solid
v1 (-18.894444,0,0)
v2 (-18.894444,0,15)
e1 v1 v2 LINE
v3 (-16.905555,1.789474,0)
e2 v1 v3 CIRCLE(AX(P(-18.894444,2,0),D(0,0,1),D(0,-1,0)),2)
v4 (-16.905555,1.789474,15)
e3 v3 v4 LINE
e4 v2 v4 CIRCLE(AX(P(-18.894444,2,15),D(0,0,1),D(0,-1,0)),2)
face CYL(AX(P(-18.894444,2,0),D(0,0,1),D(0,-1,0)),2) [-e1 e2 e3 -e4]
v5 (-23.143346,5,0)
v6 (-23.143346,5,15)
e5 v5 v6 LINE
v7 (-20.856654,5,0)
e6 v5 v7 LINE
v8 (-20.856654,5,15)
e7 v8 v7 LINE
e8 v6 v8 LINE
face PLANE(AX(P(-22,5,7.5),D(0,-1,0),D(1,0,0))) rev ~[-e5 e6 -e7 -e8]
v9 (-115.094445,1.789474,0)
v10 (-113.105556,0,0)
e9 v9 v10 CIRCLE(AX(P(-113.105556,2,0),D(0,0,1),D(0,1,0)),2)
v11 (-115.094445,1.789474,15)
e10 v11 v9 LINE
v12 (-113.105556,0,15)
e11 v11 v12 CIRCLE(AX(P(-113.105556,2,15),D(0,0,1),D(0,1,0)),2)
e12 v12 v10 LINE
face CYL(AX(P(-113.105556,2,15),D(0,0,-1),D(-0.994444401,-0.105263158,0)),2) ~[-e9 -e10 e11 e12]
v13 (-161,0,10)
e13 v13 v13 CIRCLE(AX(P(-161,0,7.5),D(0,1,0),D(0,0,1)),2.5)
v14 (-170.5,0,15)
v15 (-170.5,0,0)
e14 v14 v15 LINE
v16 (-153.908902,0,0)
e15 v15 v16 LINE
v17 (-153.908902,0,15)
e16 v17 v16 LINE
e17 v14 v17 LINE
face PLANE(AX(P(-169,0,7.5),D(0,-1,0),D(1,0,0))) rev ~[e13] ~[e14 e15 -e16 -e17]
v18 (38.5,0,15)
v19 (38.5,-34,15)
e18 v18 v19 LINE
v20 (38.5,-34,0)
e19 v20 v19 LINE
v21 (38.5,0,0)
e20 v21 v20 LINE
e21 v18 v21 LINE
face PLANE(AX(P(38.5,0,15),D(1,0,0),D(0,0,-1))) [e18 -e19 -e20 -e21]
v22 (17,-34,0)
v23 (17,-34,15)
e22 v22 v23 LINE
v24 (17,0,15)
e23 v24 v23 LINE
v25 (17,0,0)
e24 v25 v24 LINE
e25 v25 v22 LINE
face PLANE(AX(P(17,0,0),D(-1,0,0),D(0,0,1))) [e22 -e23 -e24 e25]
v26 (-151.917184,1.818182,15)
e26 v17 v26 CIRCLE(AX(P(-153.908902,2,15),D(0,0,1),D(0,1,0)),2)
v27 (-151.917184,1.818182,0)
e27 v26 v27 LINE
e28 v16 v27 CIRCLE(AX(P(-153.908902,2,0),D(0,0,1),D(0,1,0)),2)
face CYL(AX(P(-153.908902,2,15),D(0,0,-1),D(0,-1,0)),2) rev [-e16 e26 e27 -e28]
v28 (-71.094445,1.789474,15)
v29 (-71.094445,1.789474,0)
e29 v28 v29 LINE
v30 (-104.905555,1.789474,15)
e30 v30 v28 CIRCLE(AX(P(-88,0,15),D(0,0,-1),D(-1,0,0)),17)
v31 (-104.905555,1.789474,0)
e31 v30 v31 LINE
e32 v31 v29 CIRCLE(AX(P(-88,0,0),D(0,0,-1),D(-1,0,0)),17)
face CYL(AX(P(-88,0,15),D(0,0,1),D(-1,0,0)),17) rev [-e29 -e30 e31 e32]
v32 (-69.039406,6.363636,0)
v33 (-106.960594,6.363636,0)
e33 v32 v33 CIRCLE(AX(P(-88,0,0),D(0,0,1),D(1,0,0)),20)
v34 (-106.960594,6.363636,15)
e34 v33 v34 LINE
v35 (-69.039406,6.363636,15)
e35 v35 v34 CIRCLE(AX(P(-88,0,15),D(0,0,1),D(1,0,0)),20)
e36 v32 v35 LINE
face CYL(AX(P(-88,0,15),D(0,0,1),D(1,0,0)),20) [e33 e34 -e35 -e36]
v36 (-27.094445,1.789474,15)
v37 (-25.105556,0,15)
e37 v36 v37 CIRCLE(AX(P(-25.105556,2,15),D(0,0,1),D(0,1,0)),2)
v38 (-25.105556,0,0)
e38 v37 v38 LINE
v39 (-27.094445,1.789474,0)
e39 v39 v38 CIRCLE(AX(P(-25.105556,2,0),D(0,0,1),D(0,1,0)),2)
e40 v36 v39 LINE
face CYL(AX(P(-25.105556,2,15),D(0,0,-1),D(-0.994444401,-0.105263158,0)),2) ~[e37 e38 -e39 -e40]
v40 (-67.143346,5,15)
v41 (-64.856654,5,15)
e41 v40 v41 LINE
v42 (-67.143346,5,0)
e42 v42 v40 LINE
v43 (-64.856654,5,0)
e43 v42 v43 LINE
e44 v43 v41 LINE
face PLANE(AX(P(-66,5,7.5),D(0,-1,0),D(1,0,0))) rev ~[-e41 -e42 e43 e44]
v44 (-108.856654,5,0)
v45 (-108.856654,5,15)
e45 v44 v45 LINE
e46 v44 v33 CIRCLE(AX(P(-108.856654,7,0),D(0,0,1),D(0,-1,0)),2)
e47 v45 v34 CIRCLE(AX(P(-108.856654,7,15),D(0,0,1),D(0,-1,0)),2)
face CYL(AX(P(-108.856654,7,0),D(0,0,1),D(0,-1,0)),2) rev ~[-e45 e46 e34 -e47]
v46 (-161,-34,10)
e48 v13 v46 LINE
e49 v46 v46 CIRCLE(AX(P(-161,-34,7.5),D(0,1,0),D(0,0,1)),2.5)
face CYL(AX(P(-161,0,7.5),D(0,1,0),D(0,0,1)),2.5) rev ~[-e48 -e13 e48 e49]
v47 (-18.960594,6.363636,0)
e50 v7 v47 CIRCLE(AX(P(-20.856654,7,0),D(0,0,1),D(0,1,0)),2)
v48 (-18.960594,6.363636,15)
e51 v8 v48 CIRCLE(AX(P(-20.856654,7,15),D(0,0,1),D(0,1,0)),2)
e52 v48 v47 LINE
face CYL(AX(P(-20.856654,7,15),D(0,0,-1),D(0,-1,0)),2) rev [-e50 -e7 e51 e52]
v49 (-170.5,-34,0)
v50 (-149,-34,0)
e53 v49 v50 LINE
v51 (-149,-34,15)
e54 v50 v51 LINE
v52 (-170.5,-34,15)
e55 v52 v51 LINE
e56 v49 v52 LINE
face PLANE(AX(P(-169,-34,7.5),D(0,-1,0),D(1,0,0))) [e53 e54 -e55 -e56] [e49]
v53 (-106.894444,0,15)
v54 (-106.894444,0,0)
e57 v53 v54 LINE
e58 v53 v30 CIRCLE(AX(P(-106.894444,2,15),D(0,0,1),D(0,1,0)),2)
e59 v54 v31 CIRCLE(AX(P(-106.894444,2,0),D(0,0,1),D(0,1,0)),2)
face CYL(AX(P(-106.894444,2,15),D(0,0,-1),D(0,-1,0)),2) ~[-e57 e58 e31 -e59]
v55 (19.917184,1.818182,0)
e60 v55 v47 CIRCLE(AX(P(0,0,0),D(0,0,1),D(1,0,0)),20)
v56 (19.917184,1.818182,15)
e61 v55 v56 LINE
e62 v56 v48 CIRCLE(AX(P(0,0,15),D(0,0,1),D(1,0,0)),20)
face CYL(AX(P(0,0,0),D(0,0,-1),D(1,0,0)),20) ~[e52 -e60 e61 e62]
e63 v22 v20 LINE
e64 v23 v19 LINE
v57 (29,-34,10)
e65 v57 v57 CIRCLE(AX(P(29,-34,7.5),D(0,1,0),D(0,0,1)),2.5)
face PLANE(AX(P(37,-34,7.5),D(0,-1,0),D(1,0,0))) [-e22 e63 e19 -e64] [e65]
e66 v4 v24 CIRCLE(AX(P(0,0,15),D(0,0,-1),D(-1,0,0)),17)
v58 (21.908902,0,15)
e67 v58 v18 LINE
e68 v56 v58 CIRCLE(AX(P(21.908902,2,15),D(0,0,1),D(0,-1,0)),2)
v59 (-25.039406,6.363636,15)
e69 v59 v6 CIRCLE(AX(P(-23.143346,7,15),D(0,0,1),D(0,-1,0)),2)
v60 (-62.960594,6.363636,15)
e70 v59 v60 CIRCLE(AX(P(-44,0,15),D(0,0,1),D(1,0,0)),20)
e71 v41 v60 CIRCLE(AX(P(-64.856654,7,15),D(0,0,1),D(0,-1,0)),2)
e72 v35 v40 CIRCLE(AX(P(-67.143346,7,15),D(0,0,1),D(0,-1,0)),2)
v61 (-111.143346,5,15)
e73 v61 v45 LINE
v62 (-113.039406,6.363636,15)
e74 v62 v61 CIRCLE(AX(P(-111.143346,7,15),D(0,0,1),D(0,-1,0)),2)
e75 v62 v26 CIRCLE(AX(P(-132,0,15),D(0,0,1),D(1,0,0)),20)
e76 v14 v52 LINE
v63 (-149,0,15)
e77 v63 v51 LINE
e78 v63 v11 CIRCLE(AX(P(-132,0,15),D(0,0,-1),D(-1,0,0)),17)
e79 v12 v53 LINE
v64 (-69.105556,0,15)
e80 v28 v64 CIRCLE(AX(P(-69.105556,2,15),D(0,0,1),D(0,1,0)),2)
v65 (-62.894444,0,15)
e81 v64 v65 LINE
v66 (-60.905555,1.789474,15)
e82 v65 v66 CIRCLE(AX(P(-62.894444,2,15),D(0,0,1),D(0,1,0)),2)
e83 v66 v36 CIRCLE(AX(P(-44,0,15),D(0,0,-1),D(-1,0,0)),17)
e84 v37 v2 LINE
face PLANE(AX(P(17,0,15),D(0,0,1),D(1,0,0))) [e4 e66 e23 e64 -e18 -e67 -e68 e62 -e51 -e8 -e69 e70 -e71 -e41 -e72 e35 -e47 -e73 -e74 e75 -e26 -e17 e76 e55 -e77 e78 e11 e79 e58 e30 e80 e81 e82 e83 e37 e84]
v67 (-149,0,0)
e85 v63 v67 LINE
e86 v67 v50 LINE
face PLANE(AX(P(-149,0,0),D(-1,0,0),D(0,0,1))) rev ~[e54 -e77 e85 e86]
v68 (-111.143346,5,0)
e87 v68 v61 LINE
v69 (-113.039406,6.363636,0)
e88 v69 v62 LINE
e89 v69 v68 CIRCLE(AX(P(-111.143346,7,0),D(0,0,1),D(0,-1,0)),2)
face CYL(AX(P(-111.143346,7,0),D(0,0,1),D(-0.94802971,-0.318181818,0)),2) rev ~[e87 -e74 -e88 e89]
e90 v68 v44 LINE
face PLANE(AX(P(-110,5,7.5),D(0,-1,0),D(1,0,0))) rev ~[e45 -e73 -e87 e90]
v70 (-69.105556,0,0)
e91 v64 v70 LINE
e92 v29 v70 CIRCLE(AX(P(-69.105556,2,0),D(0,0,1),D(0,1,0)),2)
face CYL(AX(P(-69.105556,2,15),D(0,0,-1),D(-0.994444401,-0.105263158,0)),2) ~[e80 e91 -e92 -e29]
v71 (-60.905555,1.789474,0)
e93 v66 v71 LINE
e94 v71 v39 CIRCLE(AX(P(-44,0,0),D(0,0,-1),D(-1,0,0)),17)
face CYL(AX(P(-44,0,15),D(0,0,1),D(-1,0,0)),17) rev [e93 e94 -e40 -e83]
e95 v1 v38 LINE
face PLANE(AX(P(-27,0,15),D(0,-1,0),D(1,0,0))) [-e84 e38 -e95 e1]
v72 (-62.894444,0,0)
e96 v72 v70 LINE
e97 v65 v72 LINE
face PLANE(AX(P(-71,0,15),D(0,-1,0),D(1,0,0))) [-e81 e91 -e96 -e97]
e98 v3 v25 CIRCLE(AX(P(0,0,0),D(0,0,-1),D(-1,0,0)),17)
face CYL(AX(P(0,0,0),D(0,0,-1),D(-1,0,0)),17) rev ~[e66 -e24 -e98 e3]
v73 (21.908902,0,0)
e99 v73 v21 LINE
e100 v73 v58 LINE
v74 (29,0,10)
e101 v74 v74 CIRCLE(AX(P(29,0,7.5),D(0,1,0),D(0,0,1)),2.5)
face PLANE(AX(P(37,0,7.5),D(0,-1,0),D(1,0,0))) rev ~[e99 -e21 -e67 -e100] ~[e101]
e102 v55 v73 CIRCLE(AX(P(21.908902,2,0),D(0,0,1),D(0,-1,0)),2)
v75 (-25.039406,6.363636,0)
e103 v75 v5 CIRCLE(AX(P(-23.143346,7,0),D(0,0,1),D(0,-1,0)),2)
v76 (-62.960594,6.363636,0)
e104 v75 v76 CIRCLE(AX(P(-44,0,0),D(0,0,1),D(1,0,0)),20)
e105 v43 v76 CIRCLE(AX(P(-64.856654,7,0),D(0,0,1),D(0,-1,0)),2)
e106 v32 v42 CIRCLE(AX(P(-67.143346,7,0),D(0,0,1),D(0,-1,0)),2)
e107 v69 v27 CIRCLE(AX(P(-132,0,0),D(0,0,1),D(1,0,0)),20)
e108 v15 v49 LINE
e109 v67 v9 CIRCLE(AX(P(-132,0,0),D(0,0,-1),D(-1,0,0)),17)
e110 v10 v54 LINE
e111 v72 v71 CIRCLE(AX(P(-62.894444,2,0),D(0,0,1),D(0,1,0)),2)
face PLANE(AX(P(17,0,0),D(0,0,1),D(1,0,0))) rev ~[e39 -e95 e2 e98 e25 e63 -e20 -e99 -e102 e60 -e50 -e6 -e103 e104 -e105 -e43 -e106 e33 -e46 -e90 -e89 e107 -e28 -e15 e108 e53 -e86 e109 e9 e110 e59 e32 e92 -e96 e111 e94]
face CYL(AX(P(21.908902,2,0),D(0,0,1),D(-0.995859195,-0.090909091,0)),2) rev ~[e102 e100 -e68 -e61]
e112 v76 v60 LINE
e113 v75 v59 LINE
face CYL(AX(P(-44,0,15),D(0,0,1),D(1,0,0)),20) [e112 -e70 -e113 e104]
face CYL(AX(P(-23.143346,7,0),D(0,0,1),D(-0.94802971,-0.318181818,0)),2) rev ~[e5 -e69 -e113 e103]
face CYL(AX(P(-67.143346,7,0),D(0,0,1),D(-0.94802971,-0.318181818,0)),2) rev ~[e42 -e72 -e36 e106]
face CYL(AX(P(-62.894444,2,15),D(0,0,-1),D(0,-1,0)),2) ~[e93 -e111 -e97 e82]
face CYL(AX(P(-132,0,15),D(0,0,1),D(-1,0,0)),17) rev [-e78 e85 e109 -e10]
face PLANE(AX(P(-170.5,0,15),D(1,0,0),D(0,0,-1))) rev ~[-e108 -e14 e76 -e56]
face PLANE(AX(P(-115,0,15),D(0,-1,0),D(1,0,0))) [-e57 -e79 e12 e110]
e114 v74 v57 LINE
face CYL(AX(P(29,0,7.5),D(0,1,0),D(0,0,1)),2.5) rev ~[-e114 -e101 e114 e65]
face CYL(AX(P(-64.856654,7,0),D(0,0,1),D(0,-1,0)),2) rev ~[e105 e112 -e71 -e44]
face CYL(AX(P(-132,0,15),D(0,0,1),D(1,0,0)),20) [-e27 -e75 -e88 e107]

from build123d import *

# Parameters (mm, degrees)
EXTRUDE_1_DEPTH     = 15
EXTRUDE_2_DEPTH     = 15
EXTRUDE_2_2_DEPTH   = 15
EXTRUDE_2_3_DEPTH   = 15
SKETCH_3_W          = 7
SKETCH_3_H          = 15
EXTRUDE_3_DEPTH     = 5
SKETCH_4_W          = 40
SKETCH_4_H          = 15
EXTRUDE_4_DEPTH     = 34
SKETCH_6_R          = 2.5
CUT_EXTRUDE_2_DEPTH = 34
SKETCH_7_W          = 18.5
SKETCH_7_H          = 15
CUT_EXTRUDE_3_DEPTH = 100
FILLET_1_R          = 2
FILLET_2_R          = 2


with BuildPart() as part:
    # 草图1 → 凸台-拉伸1 (new body)
    with BuildSketch(Plane.XY):
        with BuildLine():
            Line((-20, 0), (-17, 0))
            ThreePointArc((-17, 0), (0, 17), (17, 0))
            Line((17, 0), (20, 0))
            ThreePointArc((20, 0), (0, 20), (-20, 0))
        make_face()
    extrude(amount=EXTRUDE_1_DEPTH)



with BuildPart() as body_2:
    # 草图2 → 凸台-拉伸2 (new body)
    with BuildSketch(Plane.XY.offset(15)):
        with BuildLine():
            Line((-152, 0), (-149, 0))
            ThreePointArc((-149, 0), (-132, 17), (-115, 0))
            Line((-115, 0), (-112, 0))
            ThreePointArc((-112, 0), (-132, 20), (-152, 0))
        make_face()
    extrude(amount=-EXTRUDE_2_DEPTH)


with BuildPart() as body_3:
    # 草图2 → Extrude 2 2 (new body)
    with BuildSketch(Plane.XY.offset(15)):
        with BuildLine():
            Line((-71, 0), (-68, 0))
            ThreePointArc((-68, 0), (-88, 20), (-108, 0))
            Line((-108, 0), (-105, 0))
            ThreePointArc((-105, 0), (-88, 17), (-71, 0))
        make_face()
    extrude(amount=-EXTRUDE_2_2_DEPTH)


with BuildPart() as body_4:
    # 草图2 → Extrude 2 3 (new body)
    with BuildSketch(Plane.XY.offset(15)):
        with BuildLine():
            Line((-27, 0), (-24, 0))
            ThreePointArc((-24, 0), (-44, 20), (-64, 0))
            Line((-64, 0), (-61, 0))
            ThreePointArc((-61, 0), (-44, 17), (-27, 0))
        make_face()
    extrude(amount=-EXTRUDE_2_3_DEPTH)


with BuildPart() as part_1:
    add(part.part)

    add(body_2.part)  # 凸台-拉伸3 merges body 2

    add(body_3.part)  # 凸台-拉伸3 merges body 3

    add(body_4.part)  # 凸台-拉伸3 merges body 4
    # 草图3 → 凸台-拉伸3 (add)
    with BuildSketch(Plane.XZ):
        with Locations((-110, 7.5)):
            Rectangle(SKETCH_3_W, SKETCH_3_H)
        with Locations((-66, 7.5)):
            Rectangle(SKETCH_3_W, SKETCH_3_H)
        with Locations((-22, 7.5)):
            Rectangle(SKETCH_3_W, SKETCH_3_H)
    extrude(amount=-EXTRUDE_3_DEPTH)

    # 草图4 → 凸台-拉伸4 (add)
    with BuildSketch(Plane.XZ):
        with Locations((37, 7.5)):
            Rectangle(SKETCH_4_W, SKETCH_4_H)
        with Locations((-169, 7.5)):
            Rectangle(SKETCH_4_W, SKETCH_4_H)
    extrude(amount=EXTRUDE_4_DEPTH)

    # 草图6 → 切除-拉伸2 (cut)
    with BuildSketch(Plane(origin=(0, 0, 0), x_dir=(1, 0, 0), z_dir=(0, 1, 0))):
        with Locations(Location((29, -7.5, 0), (0, 0, 270))):
            Circle(SKETCH_6_R)
        with Locations(Location((-161, -7.5, 0), (0, 0, 270))):
            Circle(SKETCH_6_R)
    extrude(amount=-CUT_EXTRUDE_2_DEPTH, mode=Mode.SUBTRACT)

    # 草图7 → 切除-拉伸3 (cut)
    with BuildSketch(Plane(origin=(0, 0, 0), x_dir=(1, 0, 0), z_dir=(0, 1, 0))):
        with Locations((-179.75, -7.5)):
            Rectangle(SKETCH_7_W, SKETCH_7_H)
        with Locations((47.75, -7.5)):
            Rectangle(SKETCH_7_W, SKETCH_7_H)
    extrude(amount=-CUT_EXTRUDE_3_DEPTH, mode=Mode.SUBTRACT)

    # 圆角1
    fillet_1_edges = [part_1.edges().sort_by_distance(p)[0] for p in [
        (-112.635083269, 5, 7.5),
        (-152, 0, 7.5),
        (-19.364916731, 5, 7.5),
        (-24.635083269, 5, 7.5),
        (-63.364916731, 5, 7.5),
        (-68.635083269, 5, 7.5),
        (20, 0, 7.5),
        (-107.364916731, 5, 7.5),
    ]]
    fillet(fillet_1_edges, radius=FILLET_1_R)

    # 圆角2
    fillet_2_edges = [part_1.edges().sort_by_distance(p)[0] for p in [
        (-115, 0, 7.5),
        (-27, 0, 7.5),
        (-61, 0, 7.5),
        (-71, 0, 7.5),
        (-105, 0, 7.5),
        (-17, 0, 7.5),
    ]]
    fillet(fillet_2_edges, radius=FILLET_2_R)


solid = part_1.part
